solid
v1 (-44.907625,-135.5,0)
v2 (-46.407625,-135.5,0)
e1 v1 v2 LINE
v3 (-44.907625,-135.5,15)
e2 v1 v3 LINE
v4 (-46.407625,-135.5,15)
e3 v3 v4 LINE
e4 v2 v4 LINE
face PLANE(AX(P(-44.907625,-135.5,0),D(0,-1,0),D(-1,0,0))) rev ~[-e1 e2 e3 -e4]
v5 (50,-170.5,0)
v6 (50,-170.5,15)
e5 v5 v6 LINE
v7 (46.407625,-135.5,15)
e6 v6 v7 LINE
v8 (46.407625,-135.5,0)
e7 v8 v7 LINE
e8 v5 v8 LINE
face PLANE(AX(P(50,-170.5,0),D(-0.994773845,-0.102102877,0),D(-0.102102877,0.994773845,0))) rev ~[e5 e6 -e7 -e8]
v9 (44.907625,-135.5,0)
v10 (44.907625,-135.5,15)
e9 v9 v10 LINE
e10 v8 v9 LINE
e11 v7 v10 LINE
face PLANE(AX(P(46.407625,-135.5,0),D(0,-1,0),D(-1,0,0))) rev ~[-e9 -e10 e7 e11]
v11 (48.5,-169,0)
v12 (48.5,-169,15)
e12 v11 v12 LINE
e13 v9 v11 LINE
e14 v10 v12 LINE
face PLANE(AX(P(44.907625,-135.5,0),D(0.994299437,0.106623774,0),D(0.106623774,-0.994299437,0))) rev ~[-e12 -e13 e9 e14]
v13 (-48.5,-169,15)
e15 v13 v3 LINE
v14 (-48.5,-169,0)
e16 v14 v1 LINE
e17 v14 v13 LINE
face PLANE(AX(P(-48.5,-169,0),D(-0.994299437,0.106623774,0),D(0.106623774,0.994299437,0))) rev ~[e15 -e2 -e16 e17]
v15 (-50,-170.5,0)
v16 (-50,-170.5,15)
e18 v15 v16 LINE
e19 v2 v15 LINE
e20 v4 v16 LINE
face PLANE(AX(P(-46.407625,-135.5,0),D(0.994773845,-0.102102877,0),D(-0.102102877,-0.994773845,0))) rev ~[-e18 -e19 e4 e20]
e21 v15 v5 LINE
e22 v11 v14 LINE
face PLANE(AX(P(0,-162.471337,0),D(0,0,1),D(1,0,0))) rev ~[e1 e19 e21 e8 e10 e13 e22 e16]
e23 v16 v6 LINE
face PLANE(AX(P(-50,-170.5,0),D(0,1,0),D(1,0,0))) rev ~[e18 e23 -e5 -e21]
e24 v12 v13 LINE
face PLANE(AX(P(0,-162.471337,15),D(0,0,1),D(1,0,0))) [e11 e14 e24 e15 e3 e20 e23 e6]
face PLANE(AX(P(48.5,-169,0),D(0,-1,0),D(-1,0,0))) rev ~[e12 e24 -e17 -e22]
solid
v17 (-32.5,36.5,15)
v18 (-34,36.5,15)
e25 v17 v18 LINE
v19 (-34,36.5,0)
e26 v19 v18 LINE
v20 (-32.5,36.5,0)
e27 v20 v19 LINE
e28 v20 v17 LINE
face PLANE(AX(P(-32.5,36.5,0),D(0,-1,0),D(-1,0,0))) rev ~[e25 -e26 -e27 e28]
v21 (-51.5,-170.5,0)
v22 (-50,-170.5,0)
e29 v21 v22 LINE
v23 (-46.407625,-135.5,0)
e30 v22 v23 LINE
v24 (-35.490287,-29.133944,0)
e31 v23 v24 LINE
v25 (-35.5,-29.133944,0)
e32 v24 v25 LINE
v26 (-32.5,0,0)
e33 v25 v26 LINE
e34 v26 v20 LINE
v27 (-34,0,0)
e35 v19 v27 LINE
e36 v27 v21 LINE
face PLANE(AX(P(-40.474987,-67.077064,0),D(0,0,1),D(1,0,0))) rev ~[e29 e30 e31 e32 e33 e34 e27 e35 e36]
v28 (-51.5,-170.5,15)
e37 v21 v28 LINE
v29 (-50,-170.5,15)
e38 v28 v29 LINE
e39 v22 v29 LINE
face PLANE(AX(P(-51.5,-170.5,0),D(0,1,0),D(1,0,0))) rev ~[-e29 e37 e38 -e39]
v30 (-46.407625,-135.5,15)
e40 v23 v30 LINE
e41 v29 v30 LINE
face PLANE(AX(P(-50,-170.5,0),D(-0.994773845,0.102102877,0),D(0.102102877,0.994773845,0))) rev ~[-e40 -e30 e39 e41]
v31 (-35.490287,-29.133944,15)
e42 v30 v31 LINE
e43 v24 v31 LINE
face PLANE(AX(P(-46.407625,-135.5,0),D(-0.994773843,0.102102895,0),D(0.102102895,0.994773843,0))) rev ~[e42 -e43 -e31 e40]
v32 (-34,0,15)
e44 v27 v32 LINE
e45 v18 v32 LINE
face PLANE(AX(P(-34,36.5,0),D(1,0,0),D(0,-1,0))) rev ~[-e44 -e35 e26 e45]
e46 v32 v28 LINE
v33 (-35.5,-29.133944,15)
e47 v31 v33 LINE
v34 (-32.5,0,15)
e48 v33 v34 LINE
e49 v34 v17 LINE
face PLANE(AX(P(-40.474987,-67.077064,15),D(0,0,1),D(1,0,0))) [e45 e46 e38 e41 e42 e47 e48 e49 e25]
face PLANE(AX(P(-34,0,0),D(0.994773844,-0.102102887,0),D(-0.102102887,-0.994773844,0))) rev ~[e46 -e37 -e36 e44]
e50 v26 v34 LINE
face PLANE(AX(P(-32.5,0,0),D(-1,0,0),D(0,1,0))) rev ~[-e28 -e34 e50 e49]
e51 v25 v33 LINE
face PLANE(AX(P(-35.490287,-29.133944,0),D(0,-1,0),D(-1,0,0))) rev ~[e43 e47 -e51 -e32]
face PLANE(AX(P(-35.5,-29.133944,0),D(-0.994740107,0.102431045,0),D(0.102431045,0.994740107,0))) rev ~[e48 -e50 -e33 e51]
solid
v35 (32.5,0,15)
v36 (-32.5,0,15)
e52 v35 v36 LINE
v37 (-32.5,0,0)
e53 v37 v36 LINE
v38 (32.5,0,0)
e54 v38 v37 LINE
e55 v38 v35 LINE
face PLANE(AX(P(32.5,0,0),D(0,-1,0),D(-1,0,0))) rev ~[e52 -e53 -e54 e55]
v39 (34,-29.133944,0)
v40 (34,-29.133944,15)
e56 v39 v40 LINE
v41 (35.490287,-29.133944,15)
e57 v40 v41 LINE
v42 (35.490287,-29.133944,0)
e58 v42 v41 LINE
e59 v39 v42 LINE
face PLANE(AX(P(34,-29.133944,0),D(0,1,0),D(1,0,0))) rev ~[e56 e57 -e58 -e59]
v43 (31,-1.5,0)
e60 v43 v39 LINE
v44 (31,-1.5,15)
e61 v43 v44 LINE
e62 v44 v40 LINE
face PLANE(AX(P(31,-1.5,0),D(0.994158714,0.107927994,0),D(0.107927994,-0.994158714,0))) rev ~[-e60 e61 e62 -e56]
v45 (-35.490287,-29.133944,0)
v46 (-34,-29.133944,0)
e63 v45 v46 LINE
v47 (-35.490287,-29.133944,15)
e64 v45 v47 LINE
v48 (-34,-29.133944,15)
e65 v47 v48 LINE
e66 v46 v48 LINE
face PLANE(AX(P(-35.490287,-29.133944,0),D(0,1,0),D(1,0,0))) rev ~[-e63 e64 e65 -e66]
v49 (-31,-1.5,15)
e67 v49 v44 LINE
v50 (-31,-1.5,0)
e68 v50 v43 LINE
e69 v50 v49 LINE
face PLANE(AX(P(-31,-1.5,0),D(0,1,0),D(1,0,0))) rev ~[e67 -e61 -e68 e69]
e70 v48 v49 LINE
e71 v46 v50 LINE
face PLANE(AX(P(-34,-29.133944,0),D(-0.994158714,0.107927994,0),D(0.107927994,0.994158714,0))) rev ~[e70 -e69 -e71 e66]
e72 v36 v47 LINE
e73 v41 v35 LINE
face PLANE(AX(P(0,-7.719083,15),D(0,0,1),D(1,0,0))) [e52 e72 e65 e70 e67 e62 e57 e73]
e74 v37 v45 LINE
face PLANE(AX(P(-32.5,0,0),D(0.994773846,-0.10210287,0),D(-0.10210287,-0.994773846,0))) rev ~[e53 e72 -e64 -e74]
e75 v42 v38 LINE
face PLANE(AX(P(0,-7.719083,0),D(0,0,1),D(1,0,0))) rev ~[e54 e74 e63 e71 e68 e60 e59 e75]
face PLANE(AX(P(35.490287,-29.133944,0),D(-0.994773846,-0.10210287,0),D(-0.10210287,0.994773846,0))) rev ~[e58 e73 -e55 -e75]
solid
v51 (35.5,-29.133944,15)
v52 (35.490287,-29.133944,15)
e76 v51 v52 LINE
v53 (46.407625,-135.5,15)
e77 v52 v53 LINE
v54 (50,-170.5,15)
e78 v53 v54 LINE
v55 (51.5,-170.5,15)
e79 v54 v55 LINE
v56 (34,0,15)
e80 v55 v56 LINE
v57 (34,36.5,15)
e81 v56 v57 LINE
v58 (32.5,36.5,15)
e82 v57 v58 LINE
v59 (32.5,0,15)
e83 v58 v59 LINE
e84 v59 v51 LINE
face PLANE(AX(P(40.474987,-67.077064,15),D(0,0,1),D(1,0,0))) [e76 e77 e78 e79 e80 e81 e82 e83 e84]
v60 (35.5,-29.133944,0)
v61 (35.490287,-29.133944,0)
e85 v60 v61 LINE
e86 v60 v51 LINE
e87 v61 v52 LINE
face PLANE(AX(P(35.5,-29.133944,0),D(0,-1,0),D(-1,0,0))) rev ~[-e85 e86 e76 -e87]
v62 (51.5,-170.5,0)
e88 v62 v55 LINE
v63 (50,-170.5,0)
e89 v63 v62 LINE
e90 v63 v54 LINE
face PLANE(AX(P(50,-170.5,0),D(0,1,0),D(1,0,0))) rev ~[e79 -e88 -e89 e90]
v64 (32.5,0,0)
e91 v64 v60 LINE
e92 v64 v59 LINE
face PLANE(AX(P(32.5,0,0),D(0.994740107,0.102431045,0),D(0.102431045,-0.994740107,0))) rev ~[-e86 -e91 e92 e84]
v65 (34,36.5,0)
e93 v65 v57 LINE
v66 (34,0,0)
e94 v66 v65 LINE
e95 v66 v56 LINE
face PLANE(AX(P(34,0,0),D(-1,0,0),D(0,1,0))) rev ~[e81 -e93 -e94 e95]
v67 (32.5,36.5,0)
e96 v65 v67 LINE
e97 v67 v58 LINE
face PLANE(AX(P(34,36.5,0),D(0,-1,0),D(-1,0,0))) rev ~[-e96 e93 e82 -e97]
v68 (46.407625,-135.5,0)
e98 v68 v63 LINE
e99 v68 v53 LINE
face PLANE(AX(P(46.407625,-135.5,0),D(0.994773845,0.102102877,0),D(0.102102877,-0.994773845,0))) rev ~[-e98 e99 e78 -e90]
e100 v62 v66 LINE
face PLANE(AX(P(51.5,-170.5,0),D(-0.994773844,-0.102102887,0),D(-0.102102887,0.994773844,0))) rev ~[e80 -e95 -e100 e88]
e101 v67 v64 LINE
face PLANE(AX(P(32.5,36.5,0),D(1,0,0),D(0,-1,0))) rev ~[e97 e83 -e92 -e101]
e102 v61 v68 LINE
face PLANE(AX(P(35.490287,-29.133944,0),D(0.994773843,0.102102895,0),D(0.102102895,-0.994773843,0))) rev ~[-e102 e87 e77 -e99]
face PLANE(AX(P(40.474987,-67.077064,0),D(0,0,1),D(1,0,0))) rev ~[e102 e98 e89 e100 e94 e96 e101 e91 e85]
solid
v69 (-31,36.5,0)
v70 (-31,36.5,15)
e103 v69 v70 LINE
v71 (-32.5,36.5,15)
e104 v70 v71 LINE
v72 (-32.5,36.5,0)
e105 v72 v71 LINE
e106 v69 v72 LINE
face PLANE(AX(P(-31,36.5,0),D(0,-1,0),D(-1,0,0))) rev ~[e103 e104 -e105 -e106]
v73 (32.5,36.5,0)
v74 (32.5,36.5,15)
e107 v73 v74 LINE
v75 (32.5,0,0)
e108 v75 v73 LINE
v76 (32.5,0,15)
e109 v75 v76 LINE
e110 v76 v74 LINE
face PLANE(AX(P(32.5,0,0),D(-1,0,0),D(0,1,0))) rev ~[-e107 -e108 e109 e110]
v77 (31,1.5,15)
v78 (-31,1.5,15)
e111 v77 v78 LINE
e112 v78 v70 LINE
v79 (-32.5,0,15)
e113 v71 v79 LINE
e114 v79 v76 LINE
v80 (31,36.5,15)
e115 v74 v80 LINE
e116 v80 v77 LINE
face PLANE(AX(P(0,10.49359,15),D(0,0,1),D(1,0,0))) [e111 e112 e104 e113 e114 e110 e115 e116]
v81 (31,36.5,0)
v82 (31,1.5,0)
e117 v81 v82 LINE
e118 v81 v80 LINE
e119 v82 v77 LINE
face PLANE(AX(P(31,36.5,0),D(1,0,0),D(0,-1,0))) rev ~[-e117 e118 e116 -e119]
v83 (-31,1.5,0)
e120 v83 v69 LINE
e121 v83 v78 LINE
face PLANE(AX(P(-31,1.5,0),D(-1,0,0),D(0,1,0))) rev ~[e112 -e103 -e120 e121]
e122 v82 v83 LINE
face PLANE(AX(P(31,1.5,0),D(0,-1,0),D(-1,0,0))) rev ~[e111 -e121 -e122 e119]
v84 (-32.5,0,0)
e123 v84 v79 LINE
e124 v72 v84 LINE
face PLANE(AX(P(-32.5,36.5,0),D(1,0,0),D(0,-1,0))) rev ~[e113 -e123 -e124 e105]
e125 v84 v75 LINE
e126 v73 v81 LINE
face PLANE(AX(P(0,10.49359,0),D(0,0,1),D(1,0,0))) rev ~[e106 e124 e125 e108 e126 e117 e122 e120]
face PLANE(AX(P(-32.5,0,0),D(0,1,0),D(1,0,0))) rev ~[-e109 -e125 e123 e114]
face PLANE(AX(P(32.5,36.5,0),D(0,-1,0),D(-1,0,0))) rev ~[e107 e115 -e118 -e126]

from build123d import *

# Parameters (mm, degrees)
F1_DEPTH = 15
F2_DEPTH = 15
F3_DEPTH = 15
F4_DEPTH = 15
F5_DEPTH = 15


with BuildPart() as f1:
    # F0 (on Top) → F1 (new body)
    with BuildSketch(Plane.XY):
        Polygon((-44.907625, -135.5), (-46.407625, -135.5), (-50, -170.5), (0, -170.5), (50, -170.5), (46.407625, -135.5), (44.907625, -135.5), (48.5, -169), (0, -169), (-48.5, -169), align=None)
    extrude(amount=F1_DEPTH)


with BuildPart() as f2:
    # F0 (on Top) → F2 (new body)
    with BuildSketch(Plane.XY):
        Polygon((-32.5, 0), (0, 0), (32.5, 0), (32.5, 36.5), (31, 36.5), (31, 1.5), (0, 1.5), (-31, 1.5), (-31, 36.5), (-32.5, 36.5), align=None)
    extrude(amount=F2_DEPTH)


with BuildPart() as f3:
    # F0 (on Top) → F3 (new body)
    with BuildSketch(Plane.XY):
        Polygon((32.5, 0), (0, 0), (-32.5, 0), (-35.490287, -29.133944), (-34, -29.133944), (-31, -1.5), (0, -1.5), (31, -1.5), (34, -29.133944), (35.490287, -29.133944), align=None)
    extrude(amount=F3_DEPTH)


with BuildPart() as f4:
    # F0 (on Top) → F4 (new body)
    with BuildSketch(Plane.XY):
        Polygon((-35.5, -29.133944), (-32.5, 0), (-32.5, 36.5), (-34, 36.5), (-34, 0), (-51.5, -170.5), (-50, -170.5), (-46.407625, -135.5), (-35.490287, -29.133944), align=None)
    extrude(amount=F4_DEPTH)


with BuildPart() as f5:
    # F0 (on Top) → F5 (new body)
    with BuildSketch(Plane.XY):
        Polygon((32.5, 36.5), (32.5, 0), (35.5, -29.133944), (35.490287, -29.133944), (46.407625, -135.5), (50, -170.5), (51.5, -170.5), (34, 0), (34, 36.5), align=None)
    extrude(amount=F5_DEPTH)


solid = Compound([f1.part, f2.part, f3.part, f4.part, f5.part])
